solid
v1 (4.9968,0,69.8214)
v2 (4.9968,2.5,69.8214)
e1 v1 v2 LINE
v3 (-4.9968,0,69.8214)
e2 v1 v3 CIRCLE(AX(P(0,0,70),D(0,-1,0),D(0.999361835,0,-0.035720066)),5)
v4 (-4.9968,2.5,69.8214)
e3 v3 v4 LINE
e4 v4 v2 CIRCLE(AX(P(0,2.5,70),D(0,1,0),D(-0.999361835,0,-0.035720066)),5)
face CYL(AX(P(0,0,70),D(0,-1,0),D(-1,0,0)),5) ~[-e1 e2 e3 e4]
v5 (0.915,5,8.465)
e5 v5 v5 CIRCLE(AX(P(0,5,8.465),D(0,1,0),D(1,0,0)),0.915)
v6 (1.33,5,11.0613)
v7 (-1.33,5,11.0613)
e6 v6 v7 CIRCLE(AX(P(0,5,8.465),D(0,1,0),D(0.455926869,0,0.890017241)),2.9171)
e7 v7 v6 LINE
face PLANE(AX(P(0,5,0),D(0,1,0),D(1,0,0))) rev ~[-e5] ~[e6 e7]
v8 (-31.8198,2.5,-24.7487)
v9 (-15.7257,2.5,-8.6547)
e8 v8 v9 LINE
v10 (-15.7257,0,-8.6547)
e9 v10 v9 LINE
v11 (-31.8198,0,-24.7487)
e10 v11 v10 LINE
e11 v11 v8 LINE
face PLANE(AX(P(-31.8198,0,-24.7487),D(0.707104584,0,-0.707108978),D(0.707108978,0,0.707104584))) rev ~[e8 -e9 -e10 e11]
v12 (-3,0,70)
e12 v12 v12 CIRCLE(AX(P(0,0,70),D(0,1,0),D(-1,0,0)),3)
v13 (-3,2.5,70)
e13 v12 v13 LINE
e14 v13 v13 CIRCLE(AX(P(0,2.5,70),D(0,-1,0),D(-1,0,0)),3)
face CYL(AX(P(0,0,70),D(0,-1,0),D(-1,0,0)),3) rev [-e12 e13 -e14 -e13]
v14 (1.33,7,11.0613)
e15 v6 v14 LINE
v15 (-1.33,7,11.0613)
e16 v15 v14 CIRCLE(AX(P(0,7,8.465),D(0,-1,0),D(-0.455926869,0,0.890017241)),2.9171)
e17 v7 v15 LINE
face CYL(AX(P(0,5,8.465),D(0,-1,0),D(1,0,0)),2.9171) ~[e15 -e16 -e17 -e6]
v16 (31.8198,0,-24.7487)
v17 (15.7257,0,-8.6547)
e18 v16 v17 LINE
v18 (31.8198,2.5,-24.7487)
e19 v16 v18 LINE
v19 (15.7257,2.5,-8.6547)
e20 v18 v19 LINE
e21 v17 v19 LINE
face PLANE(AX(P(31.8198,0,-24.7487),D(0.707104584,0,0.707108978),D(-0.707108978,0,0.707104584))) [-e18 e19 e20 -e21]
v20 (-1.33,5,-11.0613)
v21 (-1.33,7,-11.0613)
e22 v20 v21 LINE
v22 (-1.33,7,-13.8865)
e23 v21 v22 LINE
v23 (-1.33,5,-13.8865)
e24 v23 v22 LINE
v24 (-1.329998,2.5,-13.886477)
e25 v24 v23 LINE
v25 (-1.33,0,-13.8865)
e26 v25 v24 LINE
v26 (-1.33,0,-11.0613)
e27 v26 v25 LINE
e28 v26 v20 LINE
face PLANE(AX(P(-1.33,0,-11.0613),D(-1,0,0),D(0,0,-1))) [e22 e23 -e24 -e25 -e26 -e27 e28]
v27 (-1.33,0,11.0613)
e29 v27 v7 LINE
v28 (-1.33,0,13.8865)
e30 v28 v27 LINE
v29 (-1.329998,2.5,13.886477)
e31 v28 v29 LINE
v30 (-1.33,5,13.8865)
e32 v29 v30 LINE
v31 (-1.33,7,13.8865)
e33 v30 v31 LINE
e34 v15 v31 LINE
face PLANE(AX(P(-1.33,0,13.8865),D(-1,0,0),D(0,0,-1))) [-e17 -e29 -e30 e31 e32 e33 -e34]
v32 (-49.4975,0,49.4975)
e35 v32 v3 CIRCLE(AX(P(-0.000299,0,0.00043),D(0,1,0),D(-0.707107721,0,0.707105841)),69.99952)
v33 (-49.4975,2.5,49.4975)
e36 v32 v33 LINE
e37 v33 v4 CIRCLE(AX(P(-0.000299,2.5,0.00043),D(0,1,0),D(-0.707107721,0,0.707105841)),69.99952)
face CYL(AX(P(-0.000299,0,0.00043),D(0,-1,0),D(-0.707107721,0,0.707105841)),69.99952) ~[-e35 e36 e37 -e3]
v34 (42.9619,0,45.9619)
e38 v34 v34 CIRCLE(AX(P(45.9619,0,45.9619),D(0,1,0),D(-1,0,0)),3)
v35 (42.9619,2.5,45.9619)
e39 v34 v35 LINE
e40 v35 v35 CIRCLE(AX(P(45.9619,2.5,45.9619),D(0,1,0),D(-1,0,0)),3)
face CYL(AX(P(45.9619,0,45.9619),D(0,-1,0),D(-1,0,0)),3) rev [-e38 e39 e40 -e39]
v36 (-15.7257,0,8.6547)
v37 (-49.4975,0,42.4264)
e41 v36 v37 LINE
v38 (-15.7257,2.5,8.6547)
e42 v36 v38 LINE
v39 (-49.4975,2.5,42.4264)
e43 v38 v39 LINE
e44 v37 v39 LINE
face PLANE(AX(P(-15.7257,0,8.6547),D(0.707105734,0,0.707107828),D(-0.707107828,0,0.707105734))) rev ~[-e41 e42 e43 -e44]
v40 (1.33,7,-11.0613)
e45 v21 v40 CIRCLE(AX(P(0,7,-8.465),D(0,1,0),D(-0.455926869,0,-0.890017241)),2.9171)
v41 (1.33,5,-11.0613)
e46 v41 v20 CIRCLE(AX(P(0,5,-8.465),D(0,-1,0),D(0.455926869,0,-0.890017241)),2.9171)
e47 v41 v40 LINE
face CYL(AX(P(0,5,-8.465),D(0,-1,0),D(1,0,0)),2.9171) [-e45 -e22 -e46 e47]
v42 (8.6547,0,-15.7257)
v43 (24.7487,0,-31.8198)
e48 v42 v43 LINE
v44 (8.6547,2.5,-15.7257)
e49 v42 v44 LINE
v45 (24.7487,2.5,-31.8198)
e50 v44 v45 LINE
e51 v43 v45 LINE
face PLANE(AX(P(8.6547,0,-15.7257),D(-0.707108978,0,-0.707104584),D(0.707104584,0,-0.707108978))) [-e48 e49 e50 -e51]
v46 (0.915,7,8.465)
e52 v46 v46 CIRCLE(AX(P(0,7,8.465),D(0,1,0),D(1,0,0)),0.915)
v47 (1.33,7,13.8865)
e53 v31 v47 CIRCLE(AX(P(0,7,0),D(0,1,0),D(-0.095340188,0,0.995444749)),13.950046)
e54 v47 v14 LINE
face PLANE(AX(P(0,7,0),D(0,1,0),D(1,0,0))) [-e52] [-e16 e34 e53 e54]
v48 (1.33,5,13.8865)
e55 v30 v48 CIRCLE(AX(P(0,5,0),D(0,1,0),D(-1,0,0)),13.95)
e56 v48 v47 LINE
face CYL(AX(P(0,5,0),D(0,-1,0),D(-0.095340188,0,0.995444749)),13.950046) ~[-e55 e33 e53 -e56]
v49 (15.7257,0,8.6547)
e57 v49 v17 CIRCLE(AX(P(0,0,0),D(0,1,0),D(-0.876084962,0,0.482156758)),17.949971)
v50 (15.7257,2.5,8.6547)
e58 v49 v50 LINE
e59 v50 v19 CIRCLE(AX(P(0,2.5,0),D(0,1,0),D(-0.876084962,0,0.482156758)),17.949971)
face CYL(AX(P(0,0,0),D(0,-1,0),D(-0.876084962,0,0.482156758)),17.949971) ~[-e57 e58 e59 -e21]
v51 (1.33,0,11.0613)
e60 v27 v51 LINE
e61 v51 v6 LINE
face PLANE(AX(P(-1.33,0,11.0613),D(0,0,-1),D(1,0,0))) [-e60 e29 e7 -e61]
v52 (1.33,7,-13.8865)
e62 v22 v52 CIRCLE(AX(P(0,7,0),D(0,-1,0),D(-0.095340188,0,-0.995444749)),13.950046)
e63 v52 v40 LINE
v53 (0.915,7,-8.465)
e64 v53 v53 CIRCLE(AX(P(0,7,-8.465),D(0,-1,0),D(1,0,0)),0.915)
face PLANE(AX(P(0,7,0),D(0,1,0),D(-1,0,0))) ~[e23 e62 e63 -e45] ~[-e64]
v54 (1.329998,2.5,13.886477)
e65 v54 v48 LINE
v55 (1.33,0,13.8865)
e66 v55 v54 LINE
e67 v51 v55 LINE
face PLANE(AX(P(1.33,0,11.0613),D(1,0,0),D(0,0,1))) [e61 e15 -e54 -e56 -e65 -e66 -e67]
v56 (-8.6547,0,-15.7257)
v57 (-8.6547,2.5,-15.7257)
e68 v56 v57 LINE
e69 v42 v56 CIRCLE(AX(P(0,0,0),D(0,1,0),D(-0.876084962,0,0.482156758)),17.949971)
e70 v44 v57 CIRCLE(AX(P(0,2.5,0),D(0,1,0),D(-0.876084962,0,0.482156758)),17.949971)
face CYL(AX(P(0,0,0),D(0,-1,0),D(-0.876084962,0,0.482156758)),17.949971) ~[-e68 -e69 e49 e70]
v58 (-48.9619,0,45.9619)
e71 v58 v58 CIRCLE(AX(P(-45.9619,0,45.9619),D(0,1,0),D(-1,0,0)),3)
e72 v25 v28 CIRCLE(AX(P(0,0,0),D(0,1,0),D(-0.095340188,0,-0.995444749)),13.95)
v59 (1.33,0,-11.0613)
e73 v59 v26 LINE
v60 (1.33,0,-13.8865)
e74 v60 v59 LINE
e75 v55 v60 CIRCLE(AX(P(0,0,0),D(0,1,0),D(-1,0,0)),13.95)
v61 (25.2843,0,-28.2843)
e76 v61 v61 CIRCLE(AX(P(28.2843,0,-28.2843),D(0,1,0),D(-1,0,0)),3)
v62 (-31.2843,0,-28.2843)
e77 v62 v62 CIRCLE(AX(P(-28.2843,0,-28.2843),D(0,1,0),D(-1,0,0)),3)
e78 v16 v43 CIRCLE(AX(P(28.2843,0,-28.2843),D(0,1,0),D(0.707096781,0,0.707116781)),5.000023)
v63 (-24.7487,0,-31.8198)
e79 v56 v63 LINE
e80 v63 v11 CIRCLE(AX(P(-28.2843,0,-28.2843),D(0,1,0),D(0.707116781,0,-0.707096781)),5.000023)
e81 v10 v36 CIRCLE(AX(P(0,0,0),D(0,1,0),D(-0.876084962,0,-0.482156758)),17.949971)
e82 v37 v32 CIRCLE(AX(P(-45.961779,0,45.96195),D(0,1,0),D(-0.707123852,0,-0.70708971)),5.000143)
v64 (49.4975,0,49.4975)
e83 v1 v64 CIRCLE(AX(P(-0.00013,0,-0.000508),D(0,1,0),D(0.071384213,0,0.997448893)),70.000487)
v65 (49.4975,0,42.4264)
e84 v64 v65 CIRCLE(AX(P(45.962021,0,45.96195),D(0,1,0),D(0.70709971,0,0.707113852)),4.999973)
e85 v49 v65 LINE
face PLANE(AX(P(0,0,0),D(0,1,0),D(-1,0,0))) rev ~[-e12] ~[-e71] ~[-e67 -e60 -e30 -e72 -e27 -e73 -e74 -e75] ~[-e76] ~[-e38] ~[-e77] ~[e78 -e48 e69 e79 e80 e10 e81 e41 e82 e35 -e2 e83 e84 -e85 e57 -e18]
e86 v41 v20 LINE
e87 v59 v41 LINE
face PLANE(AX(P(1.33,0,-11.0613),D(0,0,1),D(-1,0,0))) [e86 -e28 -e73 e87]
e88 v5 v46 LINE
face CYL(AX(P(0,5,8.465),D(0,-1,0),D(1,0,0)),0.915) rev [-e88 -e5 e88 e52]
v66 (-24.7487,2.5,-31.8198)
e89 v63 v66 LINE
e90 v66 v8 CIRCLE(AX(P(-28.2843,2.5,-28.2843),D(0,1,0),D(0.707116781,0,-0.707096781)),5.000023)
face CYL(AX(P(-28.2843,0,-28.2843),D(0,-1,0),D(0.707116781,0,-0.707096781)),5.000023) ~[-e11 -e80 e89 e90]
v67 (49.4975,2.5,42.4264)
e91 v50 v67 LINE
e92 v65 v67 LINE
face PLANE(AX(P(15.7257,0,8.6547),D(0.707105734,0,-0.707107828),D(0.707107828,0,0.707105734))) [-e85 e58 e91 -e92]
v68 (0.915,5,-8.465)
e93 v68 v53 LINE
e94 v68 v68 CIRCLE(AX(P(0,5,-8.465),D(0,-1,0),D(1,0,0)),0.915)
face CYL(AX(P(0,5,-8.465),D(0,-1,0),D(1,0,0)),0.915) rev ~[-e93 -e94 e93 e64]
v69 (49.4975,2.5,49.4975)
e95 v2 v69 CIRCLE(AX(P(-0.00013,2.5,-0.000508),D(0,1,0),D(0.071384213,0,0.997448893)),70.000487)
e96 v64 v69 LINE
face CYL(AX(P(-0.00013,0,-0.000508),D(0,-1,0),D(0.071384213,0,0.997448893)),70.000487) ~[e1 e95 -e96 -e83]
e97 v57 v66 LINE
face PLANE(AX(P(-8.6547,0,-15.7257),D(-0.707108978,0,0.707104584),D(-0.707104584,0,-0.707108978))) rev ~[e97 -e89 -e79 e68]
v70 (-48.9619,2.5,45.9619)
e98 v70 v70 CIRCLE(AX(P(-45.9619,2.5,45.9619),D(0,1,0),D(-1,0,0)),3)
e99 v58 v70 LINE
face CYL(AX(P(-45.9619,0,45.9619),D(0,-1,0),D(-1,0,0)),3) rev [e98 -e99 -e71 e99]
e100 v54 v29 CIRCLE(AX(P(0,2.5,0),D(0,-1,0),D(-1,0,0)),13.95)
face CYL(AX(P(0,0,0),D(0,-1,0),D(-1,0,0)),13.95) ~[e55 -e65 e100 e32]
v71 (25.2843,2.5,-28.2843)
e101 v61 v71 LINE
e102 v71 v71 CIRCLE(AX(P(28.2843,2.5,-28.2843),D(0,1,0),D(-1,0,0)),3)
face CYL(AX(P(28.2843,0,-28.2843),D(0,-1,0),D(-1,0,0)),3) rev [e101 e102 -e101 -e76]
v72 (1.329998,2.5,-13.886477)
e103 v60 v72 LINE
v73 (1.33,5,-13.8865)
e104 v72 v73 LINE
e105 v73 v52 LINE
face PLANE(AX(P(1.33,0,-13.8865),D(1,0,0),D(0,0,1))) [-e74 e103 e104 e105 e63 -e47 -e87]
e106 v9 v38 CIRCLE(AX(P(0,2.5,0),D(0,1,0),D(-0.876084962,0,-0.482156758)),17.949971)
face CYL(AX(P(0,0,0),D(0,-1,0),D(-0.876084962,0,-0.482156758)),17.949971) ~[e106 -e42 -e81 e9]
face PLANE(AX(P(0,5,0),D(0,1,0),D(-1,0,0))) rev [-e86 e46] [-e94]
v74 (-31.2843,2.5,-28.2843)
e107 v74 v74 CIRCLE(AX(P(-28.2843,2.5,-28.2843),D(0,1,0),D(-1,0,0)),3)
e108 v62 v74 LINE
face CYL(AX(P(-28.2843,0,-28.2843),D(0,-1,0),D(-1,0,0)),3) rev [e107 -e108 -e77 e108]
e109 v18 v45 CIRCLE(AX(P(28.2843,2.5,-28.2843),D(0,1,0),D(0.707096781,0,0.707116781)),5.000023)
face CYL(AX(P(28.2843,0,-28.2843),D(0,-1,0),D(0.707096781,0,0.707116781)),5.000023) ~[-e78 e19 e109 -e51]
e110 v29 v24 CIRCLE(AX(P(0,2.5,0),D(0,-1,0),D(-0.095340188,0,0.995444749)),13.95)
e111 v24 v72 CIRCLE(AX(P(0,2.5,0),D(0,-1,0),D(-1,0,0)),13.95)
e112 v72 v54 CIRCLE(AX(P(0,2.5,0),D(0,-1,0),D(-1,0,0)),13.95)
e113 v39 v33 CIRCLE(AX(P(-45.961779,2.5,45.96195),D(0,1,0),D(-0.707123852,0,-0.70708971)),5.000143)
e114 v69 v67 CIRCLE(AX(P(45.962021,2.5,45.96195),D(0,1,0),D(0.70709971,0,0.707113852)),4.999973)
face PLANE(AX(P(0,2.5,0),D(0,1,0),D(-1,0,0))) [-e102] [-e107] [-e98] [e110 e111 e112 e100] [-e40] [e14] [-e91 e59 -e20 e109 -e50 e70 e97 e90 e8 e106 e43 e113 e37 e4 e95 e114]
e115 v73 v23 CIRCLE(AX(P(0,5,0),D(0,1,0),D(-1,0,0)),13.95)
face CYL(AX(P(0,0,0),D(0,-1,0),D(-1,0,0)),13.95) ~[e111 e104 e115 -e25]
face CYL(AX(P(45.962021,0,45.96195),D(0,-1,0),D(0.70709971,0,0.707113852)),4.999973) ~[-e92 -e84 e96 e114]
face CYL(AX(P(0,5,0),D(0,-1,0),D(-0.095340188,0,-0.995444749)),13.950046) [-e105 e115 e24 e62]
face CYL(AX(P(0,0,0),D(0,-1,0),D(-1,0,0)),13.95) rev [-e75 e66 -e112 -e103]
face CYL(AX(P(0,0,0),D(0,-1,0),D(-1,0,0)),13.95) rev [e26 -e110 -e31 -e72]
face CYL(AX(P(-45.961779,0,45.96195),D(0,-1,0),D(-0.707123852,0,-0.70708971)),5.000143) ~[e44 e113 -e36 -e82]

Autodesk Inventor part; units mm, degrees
ref_plane "YZ Plane" through (0, 0, 0) normal (1, 0, 0) x (0, 1, 0)
ref_plane "XZ Plane" through (0, 0, 0) normal (0, 1, 0) x (-1, 0, 0)
ref_plane "XY Plane" through (0, 0, 0) normal (0, 0, 1) x (1, 0, 0)
sketch "Sketch1" plane through (0, 0, 0) normal (0, 1, 0) x (-1, 0, 0)
  circle A0 centre (0, 0) radius 13.95
  line L0 (-1.48, 13.8713) -> (-1.48, 10.9113) construction
  line L1 (-1.48, 10.9113) -> (1.48, 10.9113) construction
  line L2 (1.48, 10.9113) -> (1.48, 13.8713) construction
  line L3 (1.33, 13.8865) -> (1.33, 11.0613)
  line L4 (1.33, 11.0613) -> (-1.33, 11.0613)
  line L5 (-1.33, 11.0613) -> (-1.33, 13.8865)
  line L6 (-1.33, -13.8865) -> (-1.33, -11.0613)
  line L7 (-1.33, -11.0613) -> (1.33, -11.0613)
  line L8 (1.33, -11.0613) -> (1.33, -13.8865)
  arc A1 (15.7257, 8.6547) -> (8.6547, -15.7257) centre (0, 0) ccw
  line L9 (0, 0) -> (0, -53.8283) construction
  line L10 (0, 0) -> (-28.2843, -28.2843) construction
  line L11 (0, 0) -> (-45.9619, 45.9619) construction
  line L12 (0, 0) -> (-69.2668, 0) construction
  circle A2 centre (-28.2843, -28.2843) radius 3
  circle A3 centre (-45.9619, 45.9619) radius 3
  line L13 (-8.6547, -15.7257) -> (-24.7487, -31.8198)
  arc A4 (-31.8198, -24.7487) -> (-24.7487, -31.8198) centre (-28.2843, -28.2843) ccw
  line L14 (-31.8198, -24.7487) -> (-15.7257, -8.6547)
  line L15 (-15.7257, 8.6547) -> (-49.4975, 42.4264)
  arc A5 (-49.4975, 49.4975) -> (-49.4975, 42.4264) centre (-45.9619, 45.9619) ccw
  arc A6 (0, 70) -> (-2.9993, 69.9357) centre (0, 0) ccw
  line L16 (0, 70) -> (0, 0) construction
  circle A7 centre (28.2843, -28.2843) radius 3
  circle A8 centre (45.9619, 45.9619) radius 3
  line L17 (8.6547, -15.7257) -> (24.7487, -31.8198)
  arc A9 (24.7487, -31.8198) -> (31.8198, -24.7487) centre (28.2843, -28.2843) ccw
  line L18 (31.8198, -24.7487) -> (15.7257, -8.6547)
  line L19 (15.7257, 8.6547) -> (49.4975, 42.4264)
  arc A10 (49.4975, 42.4264) -> (49.4975, 49.4975) centre (45.9619, 45.9619) ccw
  arc A11 (49.4975, 49.4975) -> (4.9968, 69.8214) centre (0, 0) ccw
  arc A12 (15.7257, -8.6547) -> (15.7257, 8.6547) centre (0, 0) ccw
  arc A13 (8.6547, -15.7257) -> (15.7257, -8.6547) centre (0, 0) ccw
  circle A14 centre (0, 70) radius 3
  circle A15 centre (0, 70) radius 5
  arc A16 (-2.9993, 69.9357) -> (-4.9968, 69.8214) centre (0, 0) ccw
  arc A17 (2.9993, 69.9357) -> (0, 70) centre (0, 0) ccw
  arc A18 (4.9968, 69.8214) -> (2.9993, 69.9357) centre (0, 0) ccw
  arc A19 (-4.9968, 69.8214) -> (-49.4975, 49.4975) centre (0, 0) ccw
  point P0 (0, 10.9113)
  point P1 (0, 11.0613)
  dimension "d0" = 27.9
  dimension "d1" = 2.96
  dimension "d2" = 2.96
  dimension "d3" = 0.15
  dimension "d4" = 0.15
  dimension "d5" = 0.15
  dimension "d7" = 4
  dimension "d8" = 45
  dimension "d9" = 45
  dimension "d10" = 40
  dimension "d11" = 65
  dimension "d12" = 6
  dimension "d13" = 6
  dimension "d14" = 5
  dimension "d15" = 5
  dimension "d17" = 6
  dimension "d18" = 10
extrude "Extrusion1" add sketch "Sketch1" along normal blind 2.5 contours A12 A13 A1 | A1 L15 A5 A19 A15 A11 A10 L19 | L18 A9 L17 A13 | A1 L13 A4 L14 | A18 A14 A16 A15 | A15 A16 A14 A18
extrude "Extrusion2" add sketch "Sketch1" along normal blind 5 contours L3 L4 L5 A0 | A0 L6 L7 L8
sketch "Sketch2" plane through (0, 5, 0) normal (0, 1, 0) x (1, 0, 0)
  circle A0 centre (0, -8.465) radius 0.915
  line L0 (-1.33, -11.0613) -> (-1.33, -13.8865) projected
  arc A1 (-1.33, -13.8865) -> (1.33, -13.8865) centre (0, 0) ccw projected
  line L1 (1.33, -13.8865) -> (1.33, -11.0613) projected
  line L2 (1.33, -11.0613) -> (-1.33, -11.0613) projected
  circle A2 centre (0, -8.465) radius 2.9171
  dimension "d23" = 1.83
  dimension "d24" = 8.465
extrude "Extrusion3" add sketch "Sketch2" along normal blind 2
mirror "Mirror1" about plane through (0, 0, 0) normal (0, 0, 1) of "Extrusion3"
properties part number "Pok Y-Carriage" material "ABS Plastic"
